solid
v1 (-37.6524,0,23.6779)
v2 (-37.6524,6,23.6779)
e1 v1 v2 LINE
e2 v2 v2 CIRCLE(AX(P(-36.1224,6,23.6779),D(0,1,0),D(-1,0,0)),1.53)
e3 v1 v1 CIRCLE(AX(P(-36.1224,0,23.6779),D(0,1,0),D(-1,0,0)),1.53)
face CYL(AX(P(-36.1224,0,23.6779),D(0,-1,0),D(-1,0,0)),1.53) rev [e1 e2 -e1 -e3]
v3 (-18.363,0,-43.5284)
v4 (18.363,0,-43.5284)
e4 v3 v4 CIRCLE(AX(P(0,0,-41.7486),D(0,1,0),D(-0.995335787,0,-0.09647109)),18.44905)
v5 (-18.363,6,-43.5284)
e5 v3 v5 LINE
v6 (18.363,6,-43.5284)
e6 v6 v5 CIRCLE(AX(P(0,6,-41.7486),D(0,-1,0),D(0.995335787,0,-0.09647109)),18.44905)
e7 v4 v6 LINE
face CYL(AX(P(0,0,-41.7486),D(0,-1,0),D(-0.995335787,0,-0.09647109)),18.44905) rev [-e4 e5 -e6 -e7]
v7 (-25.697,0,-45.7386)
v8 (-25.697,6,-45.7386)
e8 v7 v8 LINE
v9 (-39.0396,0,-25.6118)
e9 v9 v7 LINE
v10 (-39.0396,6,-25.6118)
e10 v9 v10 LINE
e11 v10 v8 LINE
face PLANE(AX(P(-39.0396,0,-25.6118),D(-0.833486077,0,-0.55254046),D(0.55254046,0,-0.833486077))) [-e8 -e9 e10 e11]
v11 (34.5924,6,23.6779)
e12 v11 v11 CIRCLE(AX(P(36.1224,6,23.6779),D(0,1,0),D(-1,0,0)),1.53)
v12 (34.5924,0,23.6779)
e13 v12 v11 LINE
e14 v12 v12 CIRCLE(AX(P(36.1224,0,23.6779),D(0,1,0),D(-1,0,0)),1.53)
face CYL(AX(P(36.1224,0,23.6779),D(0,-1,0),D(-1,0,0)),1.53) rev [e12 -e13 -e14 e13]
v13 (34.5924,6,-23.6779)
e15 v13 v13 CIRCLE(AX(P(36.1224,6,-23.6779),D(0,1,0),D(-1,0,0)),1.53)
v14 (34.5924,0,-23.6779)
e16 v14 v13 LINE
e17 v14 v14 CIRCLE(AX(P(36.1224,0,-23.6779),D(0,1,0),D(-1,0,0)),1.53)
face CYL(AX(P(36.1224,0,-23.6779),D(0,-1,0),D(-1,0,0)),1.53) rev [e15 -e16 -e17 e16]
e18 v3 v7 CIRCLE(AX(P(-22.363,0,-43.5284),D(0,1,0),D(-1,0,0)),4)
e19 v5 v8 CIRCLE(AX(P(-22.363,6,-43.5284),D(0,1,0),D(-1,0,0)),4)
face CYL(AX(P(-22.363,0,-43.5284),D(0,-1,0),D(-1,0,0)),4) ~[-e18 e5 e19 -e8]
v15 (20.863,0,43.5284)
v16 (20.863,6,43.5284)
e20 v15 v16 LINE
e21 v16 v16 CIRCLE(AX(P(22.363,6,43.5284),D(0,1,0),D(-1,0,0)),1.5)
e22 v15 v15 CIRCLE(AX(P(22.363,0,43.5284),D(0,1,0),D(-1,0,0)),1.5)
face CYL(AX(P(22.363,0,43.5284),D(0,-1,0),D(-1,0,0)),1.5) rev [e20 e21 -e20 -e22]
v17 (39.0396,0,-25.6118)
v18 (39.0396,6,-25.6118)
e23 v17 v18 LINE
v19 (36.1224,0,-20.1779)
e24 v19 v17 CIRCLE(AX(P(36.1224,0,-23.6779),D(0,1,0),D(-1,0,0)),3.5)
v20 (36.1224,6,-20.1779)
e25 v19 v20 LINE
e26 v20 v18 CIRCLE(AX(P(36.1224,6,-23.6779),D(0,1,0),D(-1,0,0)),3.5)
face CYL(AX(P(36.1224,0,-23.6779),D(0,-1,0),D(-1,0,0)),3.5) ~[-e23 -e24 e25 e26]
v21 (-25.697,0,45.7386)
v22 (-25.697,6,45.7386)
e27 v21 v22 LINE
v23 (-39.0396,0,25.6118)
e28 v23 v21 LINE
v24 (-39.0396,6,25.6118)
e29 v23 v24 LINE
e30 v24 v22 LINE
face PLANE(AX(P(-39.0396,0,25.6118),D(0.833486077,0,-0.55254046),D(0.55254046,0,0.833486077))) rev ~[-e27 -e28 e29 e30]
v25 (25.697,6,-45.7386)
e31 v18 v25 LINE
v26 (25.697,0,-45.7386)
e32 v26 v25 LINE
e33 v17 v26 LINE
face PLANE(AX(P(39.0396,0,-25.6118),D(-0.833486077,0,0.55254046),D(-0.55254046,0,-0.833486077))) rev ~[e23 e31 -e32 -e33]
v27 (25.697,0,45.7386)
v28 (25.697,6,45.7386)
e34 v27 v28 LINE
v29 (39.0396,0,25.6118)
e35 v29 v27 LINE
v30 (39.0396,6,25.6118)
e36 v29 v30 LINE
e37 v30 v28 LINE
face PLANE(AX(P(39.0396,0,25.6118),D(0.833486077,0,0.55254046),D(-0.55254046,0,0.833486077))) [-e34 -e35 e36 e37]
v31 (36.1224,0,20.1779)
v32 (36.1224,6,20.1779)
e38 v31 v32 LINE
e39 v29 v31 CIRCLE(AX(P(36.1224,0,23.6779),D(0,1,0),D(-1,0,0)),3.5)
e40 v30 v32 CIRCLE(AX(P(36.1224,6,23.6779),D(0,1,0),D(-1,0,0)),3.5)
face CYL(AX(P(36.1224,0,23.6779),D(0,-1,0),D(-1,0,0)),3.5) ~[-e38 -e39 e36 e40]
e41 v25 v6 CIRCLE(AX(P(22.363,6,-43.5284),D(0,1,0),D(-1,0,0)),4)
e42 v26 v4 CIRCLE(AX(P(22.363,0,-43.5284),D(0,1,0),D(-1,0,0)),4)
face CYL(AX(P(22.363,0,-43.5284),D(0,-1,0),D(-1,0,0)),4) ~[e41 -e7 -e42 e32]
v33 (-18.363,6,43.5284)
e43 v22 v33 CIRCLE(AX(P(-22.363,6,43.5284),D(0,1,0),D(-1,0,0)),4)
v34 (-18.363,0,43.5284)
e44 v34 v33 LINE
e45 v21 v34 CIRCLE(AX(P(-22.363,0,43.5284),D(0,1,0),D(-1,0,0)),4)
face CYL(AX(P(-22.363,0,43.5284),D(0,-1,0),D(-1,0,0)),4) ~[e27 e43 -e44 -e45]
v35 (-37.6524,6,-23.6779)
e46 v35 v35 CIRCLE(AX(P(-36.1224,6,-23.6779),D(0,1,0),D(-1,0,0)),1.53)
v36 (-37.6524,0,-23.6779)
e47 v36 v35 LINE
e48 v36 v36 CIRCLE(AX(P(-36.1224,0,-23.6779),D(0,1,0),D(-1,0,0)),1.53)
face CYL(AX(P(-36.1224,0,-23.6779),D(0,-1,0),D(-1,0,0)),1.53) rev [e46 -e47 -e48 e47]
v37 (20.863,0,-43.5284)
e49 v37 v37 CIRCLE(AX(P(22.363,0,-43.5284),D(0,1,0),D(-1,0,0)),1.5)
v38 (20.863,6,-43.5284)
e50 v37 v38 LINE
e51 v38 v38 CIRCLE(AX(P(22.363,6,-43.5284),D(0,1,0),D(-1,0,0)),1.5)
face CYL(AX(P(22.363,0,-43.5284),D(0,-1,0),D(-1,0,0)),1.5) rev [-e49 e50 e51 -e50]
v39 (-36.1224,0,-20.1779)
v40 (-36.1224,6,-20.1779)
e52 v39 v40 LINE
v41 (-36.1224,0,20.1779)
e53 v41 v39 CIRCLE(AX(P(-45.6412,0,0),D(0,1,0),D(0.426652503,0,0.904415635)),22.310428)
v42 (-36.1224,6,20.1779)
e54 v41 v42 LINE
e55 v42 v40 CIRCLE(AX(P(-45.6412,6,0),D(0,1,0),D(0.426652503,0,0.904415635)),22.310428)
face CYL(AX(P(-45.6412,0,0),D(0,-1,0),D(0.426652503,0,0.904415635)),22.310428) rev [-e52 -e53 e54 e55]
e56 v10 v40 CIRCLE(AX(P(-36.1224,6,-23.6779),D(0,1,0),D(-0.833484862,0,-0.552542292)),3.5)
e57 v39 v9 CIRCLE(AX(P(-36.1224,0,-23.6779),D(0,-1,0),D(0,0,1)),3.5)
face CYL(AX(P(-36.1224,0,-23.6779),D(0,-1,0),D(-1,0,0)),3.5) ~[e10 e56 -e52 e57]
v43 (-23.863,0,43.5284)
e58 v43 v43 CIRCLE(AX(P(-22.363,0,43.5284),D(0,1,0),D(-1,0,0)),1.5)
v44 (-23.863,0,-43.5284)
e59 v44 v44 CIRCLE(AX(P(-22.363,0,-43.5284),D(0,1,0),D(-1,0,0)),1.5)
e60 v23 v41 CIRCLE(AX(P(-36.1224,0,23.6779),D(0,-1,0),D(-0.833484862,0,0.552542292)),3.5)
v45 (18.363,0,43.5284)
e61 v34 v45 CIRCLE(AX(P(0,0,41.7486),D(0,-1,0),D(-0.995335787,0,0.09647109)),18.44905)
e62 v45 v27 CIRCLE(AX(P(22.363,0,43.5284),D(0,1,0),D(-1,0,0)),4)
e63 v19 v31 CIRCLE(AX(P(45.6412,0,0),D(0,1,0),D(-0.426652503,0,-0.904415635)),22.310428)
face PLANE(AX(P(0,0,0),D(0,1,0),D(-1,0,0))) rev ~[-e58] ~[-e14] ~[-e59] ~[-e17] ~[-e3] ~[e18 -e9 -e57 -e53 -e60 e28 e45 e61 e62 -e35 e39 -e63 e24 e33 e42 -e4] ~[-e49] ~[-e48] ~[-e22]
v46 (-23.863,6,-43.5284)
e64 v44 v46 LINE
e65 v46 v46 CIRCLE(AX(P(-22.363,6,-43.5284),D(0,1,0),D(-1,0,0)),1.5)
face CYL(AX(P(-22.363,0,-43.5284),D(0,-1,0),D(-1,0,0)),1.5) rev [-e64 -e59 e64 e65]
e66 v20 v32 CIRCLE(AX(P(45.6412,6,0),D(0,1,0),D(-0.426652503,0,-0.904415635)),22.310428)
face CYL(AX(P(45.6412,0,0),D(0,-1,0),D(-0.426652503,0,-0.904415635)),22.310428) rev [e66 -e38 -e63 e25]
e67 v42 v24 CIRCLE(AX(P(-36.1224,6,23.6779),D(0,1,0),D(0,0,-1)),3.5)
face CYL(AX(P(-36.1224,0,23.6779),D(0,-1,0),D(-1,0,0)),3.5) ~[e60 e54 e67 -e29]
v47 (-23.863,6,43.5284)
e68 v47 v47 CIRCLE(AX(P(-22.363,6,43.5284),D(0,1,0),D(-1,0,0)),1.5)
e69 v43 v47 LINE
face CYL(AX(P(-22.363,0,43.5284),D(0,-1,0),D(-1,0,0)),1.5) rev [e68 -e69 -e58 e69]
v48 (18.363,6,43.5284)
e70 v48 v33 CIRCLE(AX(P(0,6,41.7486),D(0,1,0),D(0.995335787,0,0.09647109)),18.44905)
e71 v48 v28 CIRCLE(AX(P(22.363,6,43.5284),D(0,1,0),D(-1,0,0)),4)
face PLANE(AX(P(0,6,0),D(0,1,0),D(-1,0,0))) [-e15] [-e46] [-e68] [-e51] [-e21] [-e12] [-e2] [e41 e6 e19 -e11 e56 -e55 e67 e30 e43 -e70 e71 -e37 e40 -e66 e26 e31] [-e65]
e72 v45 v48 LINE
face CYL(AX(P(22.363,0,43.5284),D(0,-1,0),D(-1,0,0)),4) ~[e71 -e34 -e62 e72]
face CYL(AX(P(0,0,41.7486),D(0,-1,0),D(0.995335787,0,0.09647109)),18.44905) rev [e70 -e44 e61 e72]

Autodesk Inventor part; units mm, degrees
ref_plane "YZ Plane" through (0, 0, 0) normal (1, 0, 0) x (0, 1, 0)
ref_plane "XY Plane" through (0, 0, 0) normal (0, 0, 1) x (1, 0, 0)
sketch "Sketch1" plane through (0, 0, 0) normal (0, 1, 0) x (-1, 0, 0)
  arc A0 (29.0364, 11.5992) -> (31.5928, 13.9152) centre (6.8441, 38.6639) ccw
  line L0 (31.5928, 13.9152) -> (38.8388, 21.1612)
  arc A1 (38.8388, 21.1612) -> (31.6005, 42.3971) centre (30, 30) ccw
  spline S0 degree 2 poles (31.6005, 42.3971) (29.6875, 43.0872) (28.5558, 43.5262) knots 0 0 0 0.142701 0.142701 0.142701 weights 1 1.23412 1.413428
  arc A2 (26.4074, 45.5015) -> (28.5558, 43.5262) centre (30.0023, 47.2554) ccw
  arc A3 (26.4074, 45.5015) -> (17.8643, 43.6369) centre (22.363, 43.5284) ccw
  spline S1 degree 2 poles (17.8643, 43.6369) (16.884, 36.226) (10.7077, 28.418) knots 0 0 0 1.796523 1.796523 1.796523 weights 1 2.961796 1.074949
  arc A4 (8.2725, 26.0348) -> (10.7077, 28.418) centre (3.309, 33.5424) ccw
  arc A5 (-8.2725, 26.0348) -> (8.2725, 26.0348) centre (0, 38.5475) ccw
  arc A6 (-10.7077, 28.418) -> (-8.2725, 26.0348) centre (-3.309, 33.5424) ccw
  spline S2 degree 2 poles (-10.7077, 28.418) (-16.884, 36.226) (-17.8643, 43.6369) knots -1.796523 -1.796523 -1.796523 0 0 0 weights 1.074949 2.961796 1
  arc A7 (-17.8643, 43.6369) -> (-26.4074, 45.5015) centre (-22.363, 43.5284) ccw
  arc A8 (-28.5558, 43.5262) -> (-26.4074, 45.5015) centre (-30.0023, 47.2554) ccw
  spline S3 degree 2 poles (-28.5558, 43.5262) (-29.6875, 43.0872) (-31.6005, 42.3971) knots -0.142701 -0.142701 -0.142701 0 0 0 weights 1.413428 1.23412 1
  arc A9 (-31.6005, 42.3971) -> (-38.8388, 21.1612) centre (-30, 30) ccw
  line L1 (-38.8388, 21.1612) -> (-31.5928, 13.9152)
  arc A10 (-31.5928, 13.9152) -> (-29.0364, 11.5992) centre (-6.8441, 38.6639) ccw
  arc A11 (-29.0364, -11.5992) -> (-29.0364, 11.5992) centre (-38.5475, 0) ccw
  arc A12 (-29.0364, -11.5992) -> (-31.5928, -13.9152) centre (-6.8441, -38.6639) ccw
  line L2 (-31.5928, -13.9152) -> (-38.8388, -21.1612)
  arc A13 (-38.8388, -21.1612) -> (-31.6005, -42.3971) centre (-30, -30) ccw
  spline S4 degree 2 poles (-31.6005, -42.3971) (-29.6875, -43.0872) (-28.5558, -43.5262) knots 0 0 0 0.142701 0.142701 0.142701 weights 1 1.23412 1.413428
  arc A14 (-26.4074, -45.5015) -> (-28.5558, -43.5262) centre (-30.0023, -47.2554) ccw
  arc A15 (-26.4074, -45.5015) -> (-17.8643, -43.6369) centre (-22.363, -43.5284) ccw
  spline S5 degree 2 poles (-17.8643, -43.6369) (-16.884, -36.226) (-10.7077, -28.418) knots 0 0 0 1.796523 1.796523 1.796523 weights 1 2.961796 1.074949
  arc A16 (-8.2725, -26.0348) -> (-10.7077, -28.418) centre (-3.309, -33.5424) ccw
  arc A17 (8.2725, -26.0348) -> (-8.2725, -26.0348) centre (0, -38.5475) ccw
  arc A18 (10.7077, -28.418) -> (8.2725, -26.0348) centre (3.309, -33.5424) ccw
  spline S6 degree 2 poles (10.7077, -28.418) (16.884, -36.226) (17.8643, -43.6369) knots -1.796523 -1.796523 -1.796523 0 0 0 weights 1.074949 2.961796 1
  arc A19 (17.8643, -43.6369) -> (26.4074, -45.5015) centre (22.363, -43.5284) ccw
  arc A20 (28.5558, -43.5262) -> (26.4074, -45.5015) centre (30.0023, -47.2554) ccw
  spline S7 degree 2 poles (28.5558, -43.5262) (29.6875, -43.0872) (31.6005, -42.3971) knots -0.142701 -0.142701 -0.142701 0 0 0 weights 1.413428 1.23412 1
  arc A21 (31.6005, -42.3971) -> (38.8388, -21.1612) centre (30, -30) ccw
  line L3 (38.8388, -21.1612) -> (31.5928, -13.9152)
  arc A22 (31.5928, -13.9152) -> (29.0364, -11.5992) centre (6.8441, -38.6639) ccw
  arc A23 (29.0364, 11.5992) -> (29.0364, -11.5992) centre (38.5475, 0) ccw
  circle A24 centre (-36.1224, 23.6779) radius 1.53
  circle A25 centre (36.1224, -23.6779) radius 1.53
  circle A26 centre (-36.1224, -23.6779) radius 1.53
  circle A27 centre (36.1224, 23.6779) radius 1.53
  circle A28 centre (-22.363, -43.5284) radius 1.5
  circle A29 centre (22.363, 43.5284) radius 1.5
  circle A30 centre (22.363, -43.5284) radius 1.5
  circle A31 centre (12.75, -12.75) radius 1.5
  circle A32 centre (-10, -10) radius 1.5
  circle A33 centre (-10, 10) radius 1.5
  circle A34 centre (10, -10) radius 1.5
  circle A35 centre (-12.75, -12.75) radius 1.5
  circle A36 centre (-12.75, 12.75) radius 1.5
  circle A37 centre (12.75, 12.75) radius 1.5
  circle A38 centre (10, 10) radius 1.5
  circle A39 centre (-22.363, 43.5284) radius 1.5
  arc A40 (6.6461, 25.1002) -> (25.1002, 6.6461) centre (12.75, 12.75) ccw construction
  arc A41 (25.1002, -6.6461) -> (6.6461, -25.1002) centre (12.75, -12.75) ccw construction
  arc A42 (-6.6461, -25.1002) -> (-25.1002, -6.6461) centre (-12.75, -12.75) ccw construction
  arc A43 (-25.1002, 6.6461) -> (-6.6461, 25.1002) centre (-12.75, 12.75) ccw construction
  line L4 (0, 0) -> (27.295, 0) construction
  line L5 (0, 0) -> (0, -38.5475) construction
  point P0 (0, 0)
  point P1 (28.5558, 23.5475)
  point P2 (28.5558, -23.5475)
  point P3 (-28.5558, 23.5475)
  point P4 (-28.5558, -23.5475)
ref_plane "Work Plane1" through (0, 55, 0) normal (0, 1, 0) x (-1, 0, 0)
sketch "Sketch6" plane through (0, 0, 0) normal (0, 1, 0) x (-1, 0, 0)
  circle A0 centre (22.363, 43.5284) radius 1.5 projected
  circle A1 centre (36.1224, 23.6779) radius 1.53 projected
  circle A2 centre (36.1224, -23.6779) radius 1.53 projected
  circle A3 centre (22.363, -43.5284) radius 1.5 projected
  circle A4 centre (-22.363, -43.5284) radius 1.5 projected
  circle A5 centre (-36.1224, 23.6779) radius 1.53 projected
  circle A6 centre (-36.1224, -23.6779) radius 1.53 projected
  circle A7 centre (-22.363, 43.5284) radius 1.5 projected
  circle A8 centre (22.363, 43.5284) radius 4
  circle A9 centre (-22.363, 43.5284) radius 4
  circle A10 centre (-22.363, -43.5284) radius 4
  circle A11 centre (22.363, -43.5284) radius 4
  arc A12 (18.363, -43.5284) -> (-18.363, -43.5284) centre (0, -41.7486) ccw
  line L0 (0, 0) -> (27.295, 0) construction
  circle A13 centre (22.363, 43.5284) radius 1.5
  circle A14 centre (-22.363, 43.5284) radius 1.5
  circle A15 centre (-22.363, 43.5284) radius 4
  circle A16 centre (22.363, 43.5284) radius 4
  arc A17 (-18.363, 43.5284) -> (18.363, 43.5284) centre (0, 41.7486) ccw
  circle A18 centre (36.1224, 23.6779) radius 3.5
  circle A19 centre (36.1224, -23.6779) radius 3.5
  circle A20 centre (-36.1224, -23.6779) radius 3.5
  circle A21 centre (-36.1224, 23.6779) radius 3.5
  arc A22 (36.1224, 20.1779) -> (36.1224, -20.1779) centre (45.6412, 0) ccw
  line L1 (0, 0) -> (0, -38.5475) construction
  arc A23 (-36.1224, -20.1779) -> (-36.1224, 20.1779) centre (-45.6412, 0) ccw
  line L2 (39.0396, -25.6118) -> (25.697, -45.7386)
  line L3 (-39.0396, -25.6118) -> (-25.697, -45.7386)
  line L4 (39.0396, 25.6118) -> (25.697, 45.7386)
  line L5 (-39.0396, 25.6118) -> (-25.697, 45.7386)
  point P0 (0, 0)
  point P1 (30, -30)
  point P2 (-36.1224, 20.1779)
  point P3 (18.363, 43.5284)
  point P4 (-18.363, 43.5284)
  dimension "d12" = 8
  dimension "d14" = 7
  dimension "d10" = 8
  dimension "d11" = 8
  dimension "d13" = 8
  dimension "d15" = 7
  dimension "d16" = 7
  dimension "d17" = 7
extrude "Extrusion1" add sketch "Sketch6" along normal blind 6 contours A8 A17 | A8 L4 A18 A22 A19 L2 A11 A12 A10 L3 A20 A23 A21 L5 A9 A17 | A18 | A9 A17 | A19 | A21 | A11 A12 | A20 | A10 A12 picked at (25.4742, 43.0807) picked at (-19.3312, 42.6827) picked at (25.4742, -43.0807) picked at (-19.3312, -42.6827)
